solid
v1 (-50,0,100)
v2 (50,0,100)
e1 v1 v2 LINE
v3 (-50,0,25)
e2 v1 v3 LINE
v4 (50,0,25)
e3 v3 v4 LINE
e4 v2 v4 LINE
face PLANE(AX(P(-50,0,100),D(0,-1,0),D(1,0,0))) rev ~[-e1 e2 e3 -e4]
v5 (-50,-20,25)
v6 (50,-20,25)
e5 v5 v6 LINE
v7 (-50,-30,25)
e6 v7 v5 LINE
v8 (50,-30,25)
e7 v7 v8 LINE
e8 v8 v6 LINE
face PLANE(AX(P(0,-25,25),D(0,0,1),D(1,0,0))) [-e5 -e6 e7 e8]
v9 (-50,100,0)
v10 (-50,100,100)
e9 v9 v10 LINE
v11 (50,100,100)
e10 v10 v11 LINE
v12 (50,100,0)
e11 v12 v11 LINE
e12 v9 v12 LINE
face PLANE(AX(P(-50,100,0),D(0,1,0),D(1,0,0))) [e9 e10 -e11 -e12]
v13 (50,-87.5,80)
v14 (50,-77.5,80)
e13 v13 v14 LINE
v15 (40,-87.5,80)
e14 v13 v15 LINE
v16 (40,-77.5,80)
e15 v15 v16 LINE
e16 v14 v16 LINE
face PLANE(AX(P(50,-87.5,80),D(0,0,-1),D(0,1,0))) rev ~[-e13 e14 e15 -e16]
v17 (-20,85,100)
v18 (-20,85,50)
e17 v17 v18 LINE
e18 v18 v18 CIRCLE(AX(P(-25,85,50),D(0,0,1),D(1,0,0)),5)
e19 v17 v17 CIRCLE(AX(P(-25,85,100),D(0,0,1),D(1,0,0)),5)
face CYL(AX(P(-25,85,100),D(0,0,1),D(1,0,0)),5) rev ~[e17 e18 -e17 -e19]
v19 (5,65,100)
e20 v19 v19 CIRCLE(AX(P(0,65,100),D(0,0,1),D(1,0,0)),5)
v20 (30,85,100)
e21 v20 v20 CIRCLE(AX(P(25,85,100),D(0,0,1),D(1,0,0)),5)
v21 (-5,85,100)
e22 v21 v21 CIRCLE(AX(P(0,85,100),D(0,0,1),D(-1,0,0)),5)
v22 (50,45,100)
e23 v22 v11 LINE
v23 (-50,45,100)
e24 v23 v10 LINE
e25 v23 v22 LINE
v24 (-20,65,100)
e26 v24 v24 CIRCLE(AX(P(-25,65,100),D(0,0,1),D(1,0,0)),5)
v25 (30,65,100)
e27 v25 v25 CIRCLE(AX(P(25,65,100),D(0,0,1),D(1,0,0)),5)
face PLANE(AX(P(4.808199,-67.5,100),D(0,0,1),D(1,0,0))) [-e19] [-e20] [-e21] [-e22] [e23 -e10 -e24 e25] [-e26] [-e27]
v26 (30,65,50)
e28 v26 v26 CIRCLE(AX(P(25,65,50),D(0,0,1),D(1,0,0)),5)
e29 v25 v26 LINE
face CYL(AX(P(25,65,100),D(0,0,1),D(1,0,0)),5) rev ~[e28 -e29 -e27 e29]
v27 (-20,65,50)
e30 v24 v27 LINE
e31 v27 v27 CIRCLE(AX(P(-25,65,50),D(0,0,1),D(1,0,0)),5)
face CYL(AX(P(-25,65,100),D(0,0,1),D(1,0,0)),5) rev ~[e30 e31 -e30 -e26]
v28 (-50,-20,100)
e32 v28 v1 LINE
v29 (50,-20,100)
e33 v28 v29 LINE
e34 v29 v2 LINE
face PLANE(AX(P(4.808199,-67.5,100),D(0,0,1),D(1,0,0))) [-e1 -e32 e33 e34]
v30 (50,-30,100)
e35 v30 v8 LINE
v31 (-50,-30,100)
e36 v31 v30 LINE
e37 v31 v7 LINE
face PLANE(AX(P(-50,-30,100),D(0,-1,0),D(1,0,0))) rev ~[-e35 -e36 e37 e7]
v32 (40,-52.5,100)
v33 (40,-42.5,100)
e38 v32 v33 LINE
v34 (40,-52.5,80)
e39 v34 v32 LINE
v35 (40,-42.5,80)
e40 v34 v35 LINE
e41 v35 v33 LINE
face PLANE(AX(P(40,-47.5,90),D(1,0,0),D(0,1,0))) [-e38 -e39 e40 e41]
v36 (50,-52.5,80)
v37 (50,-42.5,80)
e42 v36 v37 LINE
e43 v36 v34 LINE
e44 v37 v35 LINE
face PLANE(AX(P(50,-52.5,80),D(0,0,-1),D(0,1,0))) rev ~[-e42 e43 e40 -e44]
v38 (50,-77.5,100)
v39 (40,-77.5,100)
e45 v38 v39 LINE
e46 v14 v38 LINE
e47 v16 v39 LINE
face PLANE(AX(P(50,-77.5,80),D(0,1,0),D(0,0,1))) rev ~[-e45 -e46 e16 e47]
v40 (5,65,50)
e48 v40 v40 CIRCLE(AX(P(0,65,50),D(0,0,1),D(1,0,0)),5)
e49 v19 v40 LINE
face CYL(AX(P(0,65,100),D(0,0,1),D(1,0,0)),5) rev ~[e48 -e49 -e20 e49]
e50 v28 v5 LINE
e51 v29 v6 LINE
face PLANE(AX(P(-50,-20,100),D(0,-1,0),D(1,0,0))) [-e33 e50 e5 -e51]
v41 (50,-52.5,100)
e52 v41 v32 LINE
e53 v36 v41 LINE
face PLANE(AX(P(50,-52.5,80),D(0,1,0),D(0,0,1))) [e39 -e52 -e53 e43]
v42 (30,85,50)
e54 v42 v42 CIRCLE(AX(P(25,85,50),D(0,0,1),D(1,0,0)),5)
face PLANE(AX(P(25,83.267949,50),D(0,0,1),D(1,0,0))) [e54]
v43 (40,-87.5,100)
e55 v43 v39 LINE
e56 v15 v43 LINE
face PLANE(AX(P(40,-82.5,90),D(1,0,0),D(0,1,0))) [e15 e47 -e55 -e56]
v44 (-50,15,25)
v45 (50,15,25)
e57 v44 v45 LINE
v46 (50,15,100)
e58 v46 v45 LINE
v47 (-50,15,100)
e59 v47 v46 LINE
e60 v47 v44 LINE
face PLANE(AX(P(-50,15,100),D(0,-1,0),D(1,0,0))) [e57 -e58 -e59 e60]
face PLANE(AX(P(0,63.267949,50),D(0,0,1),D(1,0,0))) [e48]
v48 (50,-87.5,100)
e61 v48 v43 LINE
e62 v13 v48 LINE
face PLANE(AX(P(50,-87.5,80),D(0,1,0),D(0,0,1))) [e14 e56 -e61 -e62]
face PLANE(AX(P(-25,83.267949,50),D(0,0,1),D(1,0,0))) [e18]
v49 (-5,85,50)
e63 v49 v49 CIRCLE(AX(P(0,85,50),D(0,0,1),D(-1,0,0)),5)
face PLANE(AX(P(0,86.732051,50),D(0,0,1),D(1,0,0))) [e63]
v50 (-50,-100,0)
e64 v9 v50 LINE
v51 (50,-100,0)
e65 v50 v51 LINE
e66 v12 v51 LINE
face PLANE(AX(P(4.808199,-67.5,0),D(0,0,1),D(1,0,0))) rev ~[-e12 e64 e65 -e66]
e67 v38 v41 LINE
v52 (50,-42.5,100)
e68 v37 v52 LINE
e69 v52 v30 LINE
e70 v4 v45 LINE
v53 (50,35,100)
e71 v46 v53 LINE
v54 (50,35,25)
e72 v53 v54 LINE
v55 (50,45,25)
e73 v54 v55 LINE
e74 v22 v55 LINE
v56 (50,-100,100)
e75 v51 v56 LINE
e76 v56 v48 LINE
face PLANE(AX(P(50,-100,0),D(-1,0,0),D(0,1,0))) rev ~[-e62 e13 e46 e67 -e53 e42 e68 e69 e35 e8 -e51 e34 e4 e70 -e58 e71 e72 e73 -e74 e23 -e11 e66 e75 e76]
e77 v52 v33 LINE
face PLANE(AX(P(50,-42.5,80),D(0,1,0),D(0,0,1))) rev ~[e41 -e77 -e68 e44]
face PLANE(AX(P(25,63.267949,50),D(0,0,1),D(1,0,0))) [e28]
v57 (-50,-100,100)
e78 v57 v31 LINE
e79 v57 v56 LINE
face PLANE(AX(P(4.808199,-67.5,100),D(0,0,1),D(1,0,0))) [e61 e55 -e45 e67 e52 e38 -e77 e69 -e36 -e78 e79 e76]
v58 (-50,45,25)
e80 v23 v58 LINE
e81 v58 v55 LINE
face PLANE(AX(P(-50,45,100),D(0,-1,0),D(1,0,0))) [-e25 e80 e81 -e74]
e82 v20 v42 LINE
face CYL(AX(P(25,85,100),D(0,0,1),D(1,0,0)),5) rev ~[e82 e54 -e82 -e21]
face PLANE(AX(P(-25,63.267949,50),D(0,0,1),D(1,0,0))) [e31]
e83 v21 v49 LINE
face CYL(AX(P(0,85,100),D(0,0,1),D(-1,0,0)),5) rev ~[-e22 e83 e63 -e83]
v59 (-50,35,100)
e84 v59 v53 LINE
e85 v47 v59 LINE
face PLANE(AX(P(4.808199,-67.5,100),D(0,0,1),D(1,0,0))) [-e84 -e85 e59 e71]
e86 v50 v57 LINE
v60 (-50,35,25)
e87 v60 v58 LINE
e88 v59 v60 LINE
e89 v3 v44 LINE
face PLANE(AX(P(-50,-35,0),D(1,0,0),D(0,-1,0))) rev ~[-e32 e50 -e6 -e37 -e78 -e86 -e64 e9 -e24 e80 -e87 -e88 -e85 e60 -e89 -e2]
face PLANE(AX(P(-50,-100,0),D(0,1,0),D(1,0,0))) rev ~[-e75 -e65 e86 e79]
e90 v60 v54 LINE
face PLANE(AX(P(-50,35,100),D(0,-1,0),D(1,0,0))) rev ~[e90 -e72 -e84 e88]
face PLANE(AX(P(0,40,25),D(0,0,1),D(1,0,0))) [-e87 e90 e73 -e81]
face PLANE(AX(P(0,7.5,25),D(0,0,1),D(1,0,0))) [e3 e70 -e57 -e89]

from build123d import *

# Parameters (mm, degrees)
F0_W     = 100
F0_H     = 135
F1_DEPTH = 100
F0_W_2   = 11.520768702
F0_H_2   = 10
F2_DEPTH = 100
F3_W     = 100
F3_H     = 10
F3_H_2   = 15
F5_DEPTH = 75
F6_DEPTH = 50
F4_W     = 10
F4_H     = 20
F7_DEPTH = 10


with BuildPart() as f1:
    # F0 (on Top) → F1 (new body)
    with BuildSketch(Plane.XY):
        with Locations((0, 32.5)):
            Rectangle(F0_W, F0_H)
    extrude(amount=F1_DEPTH)

    # F0 (on Top) → F2 (join)
    with BuildSketch(Plane.XY):
        Polygon((50, -45), (50, -35), (-50, -35), (-50, -100), (50, -100), (50, -90), (38.479231298, -90), (38.479231298, -80), (50, -80), (50, -55), (38.479231298, -55), (38.479231298, -45), align=None)
        with Locations((44.239615649, -50)):
            Rectangle(F0_W_2, F0_H_2)
        with Locations((44.239615649, -85)):
            Rectangle(F0_W_2, F0_H_2)
    extrude(amount=F2_DEPTH)

    # F3 (on face) → F5 (cut)
    with BuildSketch(Plane.XY.offset(100)):
        with Locations((0, -25)):
            Rectangle(F3_W, F3_H)
        with Locations((0, 7.5)):
            Rectangle(F3_W, F3_H_2)
        with Locations((0, 40)):
            Rectangle(F3_W, F3_H)
    extrude(amount=-F5_DEPTH, mode=Mode.SUBTRACT)

    # F3 (on face) → F6 (cut)
    with BuildSketch(Plane.XY.offset(100)):
        with BuildLine():
            ThreePointArc((20, 65), (25, 60), (30, 65))
            Line((30, 65), (20, 65))
        make_face()
        with BuildLine():
            Line((20, 65), (30, 65))
            ThreePointArc((30, 65), (25, 70), (20, 65))
        make_face()
        with BuildLine():
            ThreePointArc((-5, 65), (0, 60), (5, 65))
            Line((5, 65), (-5, 65))
        make_face()
        with BuildLine():
            Line((-5, 65), (5, 65))
            ThreePointArc((5, 65), (0, 70), (-5, 65))
        make_face()
        with BuildLine():
            Line((-20, 65), (-30, 65))
            ThreePointArc((-30, 65), (-25, 60), (-20, 65))
        make_face()
        with BuildLine():
            ThreePointArc((-20, 65), (-25, 70), (-30, 65))
            Line((-30, 65), (-20, 65))
        make_face()
        with BuildLine():
            ThreePointArc((-30, 85), (-25, 80), (-20, 85))
            Line((-20, 85), (-30, 85))
        make_face()
        with BuildLine():
            Line((-30, 85), (-20, 85))
            ThreePointArc((-20, 85), (-25, 90), (-30, 85))
        make_face()
        with BuildLine():
            Line((-5, 85), (5, 85))
            ThreePointArc((5, 85), (0, 90), (-5, 85))
        make_face()
        with BuildLine():
            ThreePointArc((-5, 85), (0, 80), (5, 85))
            Line((5, 85), (-5, 85))
        make_face()
        with BuildLine():
            ThreePointArc((20, 85), (25, 80), (30, 85))
            Line((30, 85), (20, 85))
        make_face()
        with BuildLine():
            Line((20, 85), (30, 85))
            ThreePointArc((30, 85), (25, 90), (20, 85))
        make_face()
    extrude(amount=-F6_DEPTH, mode=Mode.SUBTRACT)

    # F4 (on face) → F7 (cut)
    with BuildSketch(Plane.YZ.offset(50)):
        with Locations((-82.5, 90)):
            Rectangle(F4_W, F4_H)
        with Locations((-47.5, 90)):
            Rectangle(F4_W, F4_H)
    extrude(amount=-F7_DEPTH, mode=Mode.SUBTRACT)


solid = f1.part
